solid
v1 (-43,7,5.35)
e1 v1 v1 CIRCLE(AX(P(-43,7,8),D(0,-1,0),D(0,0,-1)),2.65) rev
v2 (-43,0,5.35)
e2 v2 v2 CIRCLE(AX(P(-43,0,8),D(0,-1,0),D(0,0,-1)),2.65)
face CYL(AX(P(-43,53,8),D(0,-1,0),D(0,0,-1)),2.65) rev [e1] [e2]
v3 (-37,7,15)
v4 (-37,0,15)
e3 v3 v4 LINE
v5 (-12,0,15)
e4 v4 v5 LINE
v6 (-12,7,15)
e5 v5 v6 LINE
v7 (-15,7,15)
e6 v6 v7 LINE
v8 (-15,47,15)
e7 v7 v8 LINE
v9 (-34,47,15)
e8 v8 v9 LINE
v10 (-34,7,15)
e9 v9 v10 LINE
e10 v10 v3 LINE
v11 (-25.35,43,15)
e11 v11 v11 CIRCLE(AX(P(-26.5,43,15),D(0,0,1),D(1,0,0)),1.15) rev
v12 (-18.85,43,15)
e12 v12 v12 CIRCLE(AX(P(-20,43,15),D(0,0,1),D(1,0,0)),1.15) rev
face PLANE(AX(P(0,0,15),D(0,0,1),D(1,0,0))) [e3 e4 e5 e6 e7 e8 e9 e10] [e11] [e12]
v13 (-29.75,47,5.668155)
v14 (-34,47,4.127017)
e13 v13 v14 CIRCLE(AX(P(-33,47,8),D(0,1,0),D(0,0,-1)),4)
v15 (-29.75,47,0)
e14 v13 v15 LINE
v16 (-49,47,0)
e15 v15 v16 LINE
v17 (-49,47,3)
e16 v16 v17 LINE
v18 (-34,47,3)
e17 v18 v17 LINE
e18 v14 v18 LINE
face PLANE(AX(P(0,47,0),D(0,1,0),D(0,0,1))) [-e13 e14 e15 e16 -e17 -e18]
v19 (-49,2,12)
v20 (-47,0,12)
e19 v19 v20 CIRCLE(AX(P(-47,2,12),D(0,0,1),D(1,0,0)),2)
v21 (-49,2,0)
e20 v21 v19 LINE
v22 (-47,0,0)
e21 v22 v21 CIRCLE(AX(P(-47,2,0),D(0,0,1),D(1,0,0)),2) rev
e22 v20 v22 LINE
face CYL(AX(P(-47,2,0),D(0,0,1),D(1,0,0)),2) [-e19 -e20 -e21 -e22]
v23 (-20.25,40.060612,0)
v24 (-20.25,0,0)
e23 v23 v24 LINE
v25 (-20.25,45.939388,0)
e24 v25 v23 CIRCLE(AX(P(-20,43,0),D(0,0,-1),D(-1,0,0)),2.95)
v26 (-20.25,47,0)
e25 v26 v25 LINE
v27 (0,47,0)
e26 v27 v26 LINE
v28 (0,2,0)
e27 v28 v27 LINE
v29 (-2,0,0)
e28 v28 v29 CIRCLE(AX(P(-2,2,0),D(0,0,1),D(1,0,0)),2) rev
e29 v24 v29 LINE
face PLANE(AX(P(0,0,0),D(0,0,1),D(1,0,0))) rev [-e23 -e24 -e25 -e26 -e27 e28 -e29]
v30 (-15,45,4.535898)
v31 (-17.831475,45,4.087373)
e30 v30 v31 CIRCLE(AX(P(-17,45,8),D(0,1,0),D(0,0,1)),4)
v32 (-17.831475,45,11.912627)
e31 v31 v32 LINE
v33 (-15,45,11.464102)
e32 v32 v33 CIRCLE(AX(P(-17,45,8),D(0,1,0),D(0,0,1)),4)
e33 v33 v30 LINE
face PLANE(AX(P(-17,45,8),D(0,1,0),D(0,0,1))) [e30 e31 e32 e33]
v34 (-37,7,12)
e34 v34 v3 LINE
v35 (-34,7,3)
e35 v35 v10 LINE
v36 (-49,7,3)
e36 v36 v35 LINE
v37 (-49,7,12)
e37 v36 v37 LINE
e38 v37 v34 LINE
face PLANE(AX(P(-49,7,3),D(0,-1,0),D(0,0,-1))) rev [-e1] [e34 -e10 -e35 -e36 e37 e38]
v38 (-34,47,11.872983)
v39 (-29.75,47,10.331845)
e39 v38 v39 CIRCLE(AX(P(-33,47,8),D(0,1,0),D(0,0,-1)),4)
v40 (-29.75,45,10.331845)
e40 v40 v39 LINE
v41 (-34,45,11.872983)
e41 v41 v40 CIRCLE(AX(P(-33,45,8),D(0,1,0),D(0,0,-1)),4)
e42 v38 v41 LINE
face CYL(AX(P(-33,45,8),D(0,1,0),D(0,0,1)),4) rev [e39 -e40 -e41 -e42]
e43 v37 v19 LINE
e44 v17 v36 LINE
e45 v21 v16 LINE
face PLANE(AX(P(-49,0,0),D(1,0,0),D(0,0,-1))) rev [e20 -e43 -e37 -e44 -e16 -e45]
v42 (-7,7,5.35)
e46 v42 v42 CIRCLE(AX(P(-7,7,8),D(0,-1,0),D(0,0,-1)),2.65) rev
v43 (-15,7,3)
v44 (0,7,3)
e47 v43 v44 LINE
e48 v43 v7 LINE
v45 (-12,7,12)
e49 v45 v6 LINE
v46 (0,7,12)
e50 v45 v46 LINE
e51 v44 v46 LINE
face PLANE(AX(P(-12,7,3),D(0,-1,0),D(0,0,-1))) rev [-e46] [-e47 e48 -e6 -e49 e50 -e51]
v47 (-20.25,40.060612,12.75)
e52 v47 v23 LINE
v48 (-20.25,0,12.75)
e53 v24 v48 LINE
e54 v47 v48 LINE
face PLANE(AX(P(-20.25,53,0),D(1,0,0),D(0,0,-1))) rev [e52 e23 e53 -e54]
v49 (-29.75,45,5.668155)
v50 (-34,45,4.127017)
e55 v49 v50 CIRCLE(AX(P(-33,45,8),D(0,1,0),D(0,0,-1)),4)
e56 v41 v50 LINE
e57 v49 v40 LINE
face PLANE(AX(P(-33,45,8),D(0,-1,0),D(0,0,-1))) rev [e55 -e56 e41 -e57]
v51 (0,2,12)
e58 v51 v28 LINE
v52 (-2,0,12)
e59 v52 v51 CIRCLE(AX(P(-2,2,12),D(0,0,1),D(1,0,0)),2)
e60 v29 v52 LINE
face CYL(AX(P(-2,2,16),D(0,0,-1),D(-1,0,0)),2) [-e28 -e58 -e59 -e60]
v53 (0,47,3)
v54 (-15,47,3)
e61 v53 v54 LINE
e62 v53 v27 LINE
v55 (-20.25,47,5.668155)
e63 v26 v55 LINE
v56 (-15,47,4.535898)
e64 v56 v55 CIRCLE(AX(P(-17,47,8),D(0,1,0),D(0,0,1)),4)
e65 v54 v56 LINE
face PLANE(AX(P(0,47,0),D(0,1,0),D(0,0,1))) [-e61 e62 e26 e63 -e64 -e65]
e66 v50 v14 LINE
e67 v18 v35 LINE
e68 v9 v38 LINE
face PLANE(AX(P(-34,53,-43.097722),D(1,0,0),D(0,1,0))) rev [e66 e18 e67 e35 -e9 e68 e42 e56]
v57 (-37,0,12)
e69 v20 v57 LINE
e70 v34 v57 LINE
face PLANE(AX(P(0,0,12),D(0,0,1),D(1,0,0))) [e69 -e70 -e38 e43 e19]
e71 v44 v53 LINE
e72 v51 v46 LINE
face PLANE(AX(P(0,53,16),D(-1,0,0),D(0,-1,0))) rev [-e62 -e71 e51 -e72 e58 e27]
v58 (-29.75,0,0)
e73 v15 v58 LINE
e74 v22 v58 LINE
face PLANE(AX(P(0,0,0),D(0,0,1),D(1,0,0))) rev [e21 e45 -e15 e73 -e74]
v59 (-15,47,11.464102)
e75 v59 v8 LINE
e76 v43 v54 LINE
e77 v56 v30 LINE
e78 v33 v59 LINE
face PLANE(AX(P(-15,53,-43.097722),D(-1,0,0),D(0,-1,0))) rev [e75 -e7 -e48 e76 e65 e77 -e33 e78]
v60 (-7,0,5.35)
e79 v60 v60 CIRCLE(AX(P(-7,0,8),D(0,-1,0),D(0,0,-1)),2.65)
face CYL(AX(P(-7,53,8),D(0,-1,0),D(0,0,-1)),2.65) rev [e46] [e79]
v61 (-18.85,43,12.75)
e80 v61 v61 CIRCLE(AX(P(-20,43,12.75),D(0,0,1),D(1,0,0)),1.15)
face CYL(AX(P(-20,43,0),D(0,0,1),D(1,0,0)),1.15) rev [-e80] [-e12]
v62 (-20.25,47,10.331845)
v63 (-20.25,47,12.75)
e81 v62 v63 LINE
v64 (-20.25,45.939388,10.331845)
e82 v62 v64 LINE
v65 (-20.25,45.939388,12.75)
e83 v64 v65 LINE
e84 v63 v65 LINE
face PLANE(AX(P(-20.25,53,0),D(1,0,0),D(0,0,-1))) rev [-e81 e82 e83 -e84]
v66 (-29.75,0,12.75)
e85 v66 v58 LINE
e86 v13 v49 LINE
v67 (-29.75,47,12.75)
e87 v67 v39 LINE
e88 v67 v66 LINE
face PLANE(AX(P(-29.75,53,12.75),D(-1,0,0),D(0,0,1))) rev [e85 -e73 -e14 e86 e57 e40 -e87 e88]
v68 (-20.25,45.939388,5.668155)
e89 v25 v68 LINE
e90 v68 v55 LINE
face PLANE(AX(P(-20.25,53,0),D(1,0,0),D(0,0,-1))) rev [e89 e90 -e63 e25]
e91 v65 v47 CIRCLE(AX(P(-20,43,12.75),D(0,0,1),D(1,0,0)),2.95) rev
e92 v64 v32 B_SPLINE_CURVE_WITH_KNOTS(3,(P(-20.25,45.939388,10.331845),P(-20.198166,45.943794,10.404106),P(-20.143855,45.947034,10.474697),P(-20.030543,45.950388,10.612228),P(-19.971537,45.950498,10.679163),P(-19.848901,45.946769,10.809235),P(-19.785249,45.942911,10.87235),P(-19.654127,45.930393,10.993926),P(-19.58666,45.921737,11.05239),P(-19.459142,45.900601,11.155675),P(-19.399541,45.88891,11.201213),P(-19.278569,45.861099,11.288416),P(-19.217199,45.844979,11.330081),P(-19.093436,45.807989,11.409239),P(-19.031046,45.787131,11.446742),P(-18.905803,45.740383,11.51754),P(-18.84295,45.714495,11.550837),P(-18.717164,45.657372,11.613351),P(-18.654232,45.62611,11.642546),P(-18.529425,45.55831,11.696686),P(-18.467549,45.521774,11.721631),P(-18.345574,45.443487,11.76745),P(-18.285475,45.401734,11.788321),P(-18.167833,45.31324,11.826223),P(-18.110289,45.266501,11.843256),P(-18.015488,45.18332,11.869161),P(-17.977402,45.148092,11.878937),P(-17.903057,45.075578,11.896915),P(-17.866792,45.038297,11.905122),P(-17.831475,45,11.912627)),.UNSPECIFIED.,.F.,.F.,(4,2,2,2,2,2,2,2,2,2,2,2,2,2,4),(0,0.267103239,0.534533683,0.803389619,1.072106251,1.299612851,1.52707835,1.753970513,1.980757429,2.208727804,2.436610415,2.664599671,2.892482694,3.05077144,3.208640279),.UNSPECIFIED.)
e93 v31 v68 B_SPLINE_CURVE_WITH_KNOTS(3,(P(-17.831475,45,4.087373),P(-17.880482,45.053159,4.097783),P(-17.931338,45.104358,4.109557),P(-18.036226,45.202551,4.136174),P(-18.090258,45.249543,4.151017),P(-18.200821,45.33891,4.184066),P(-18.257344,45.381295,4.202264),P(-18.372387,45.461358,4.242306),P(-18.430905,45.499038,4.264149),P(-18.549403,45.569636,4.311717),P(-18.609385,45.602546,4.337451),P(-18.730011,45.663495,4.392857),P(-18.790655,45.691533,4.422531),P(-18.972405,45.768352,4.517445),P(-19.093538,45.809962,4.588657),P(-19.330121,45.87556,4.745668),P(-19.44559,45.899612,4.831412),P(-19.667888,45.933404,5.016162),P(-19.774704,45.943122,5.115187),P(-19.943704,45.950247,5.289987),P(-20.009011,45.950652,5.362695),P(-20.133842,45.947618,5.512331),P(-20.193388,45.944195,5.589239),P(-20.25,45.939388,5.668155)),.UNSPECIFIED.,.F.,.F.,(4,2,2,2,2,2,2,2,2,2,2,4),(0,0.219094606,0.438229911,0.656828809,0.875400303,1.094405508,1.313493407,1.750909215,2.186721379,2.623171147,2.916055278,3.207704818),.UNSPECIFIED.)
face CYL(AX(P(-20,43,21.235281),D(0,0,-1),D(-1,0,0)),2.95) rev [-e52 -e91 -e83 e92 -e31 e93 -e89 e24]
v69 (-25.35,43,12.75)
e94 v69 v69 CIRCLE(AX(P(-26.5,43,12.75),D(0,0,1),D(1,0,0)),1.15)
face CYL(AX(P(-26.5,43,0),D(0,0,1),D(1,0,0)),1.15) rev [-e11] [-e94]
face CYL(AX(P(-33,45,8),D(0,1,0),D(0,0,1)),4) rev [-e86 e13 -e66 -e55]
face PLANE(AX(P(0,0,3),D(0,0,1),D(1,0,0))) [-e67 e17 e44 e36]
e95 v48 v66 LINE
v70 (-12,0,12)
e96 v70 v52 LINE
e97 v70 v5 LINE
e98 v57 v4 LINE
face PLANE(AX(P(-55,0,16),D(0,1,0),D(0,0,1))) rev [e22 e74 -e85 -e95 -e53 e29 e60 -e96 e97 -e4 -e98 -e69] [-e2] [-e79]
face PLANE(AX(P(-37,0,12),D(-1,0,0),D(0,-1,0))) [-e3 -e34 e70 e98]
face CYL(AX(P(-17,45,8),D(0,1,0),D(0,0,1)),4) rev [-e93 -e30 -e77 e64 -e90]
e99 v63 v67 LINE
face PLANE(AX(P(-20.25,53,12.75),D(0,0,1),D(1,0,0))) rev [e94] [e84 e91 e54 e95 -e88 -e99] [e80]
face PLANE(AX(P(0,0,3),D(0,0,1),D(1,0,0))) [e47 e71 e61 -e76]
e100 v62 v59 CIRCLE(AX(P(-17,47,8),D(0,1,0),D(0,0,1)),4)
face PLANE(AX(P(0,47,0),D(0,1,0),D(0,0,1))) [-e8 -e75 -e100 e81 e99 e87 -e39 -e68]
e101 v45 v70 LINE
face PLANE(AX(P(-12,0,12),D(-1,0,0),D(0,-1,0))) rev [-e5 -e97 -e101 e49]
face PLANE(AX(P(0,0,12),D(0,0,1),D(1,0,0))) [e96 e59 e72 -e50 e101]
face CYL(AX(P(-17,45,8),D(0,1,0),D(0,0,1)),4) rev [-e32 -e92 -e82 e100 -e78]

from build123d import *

# Parameters (mm, degrees)
SKETCH_1_W           = 55
SKETCH_1_H           = 53
EXTRUDE_1_DEPTH      = 16
SKETCH_3_R           = 2.65
CUT_EXTRUDE_2_DEPTH  = 79.038452061
SKETCH_4_W           = 9.5
SKETCH_4_H           = 12.75
CUT_EXTRUDE_3_DEPTH  = 79.038452061
SKETCH_2_W           = 12
SKETCH_2_H           = 53
CUT_EXTRUDE_4_DEPTH  = 4
SKETCH_5_W           = 12
SKETCH_5_H           = 46
CUT_EXTRUDE_5_DEPTH  = 9
FILLET_1_R           = 2
CUT_EXTRUDE_6_DEPTH  = 79.038452061
FILLET_2_R           = 2
SKETCH_12_W          = 55.94515333
SKETCH_12_H          = 33.208956196
CUT_EXTRUDE_10_DEPTH = 6
SKETCH_13_R          = 1.15
CUT_EXTRUDE_11_DEPTH = 70.756720106
SKETCH_11_W          = 3
SKETCH_11_H          = 46
CUT_EXTRUDE_9_DEPTH  = 13
CUT_EXTRUDE_12_DEPTH = 1
SKETCH_15_R          = 3
SKETCH_15_R_2        = 2.95
CUT_EXTRUDE_13_DEPTH = 12.75
SKETCH_16_R          = 4
CUT_EXTRUDE_14_DEPTH = 2


with BuildPart() as part:
    # 草图1 → 凸台-拉伸1 (new body)
    with BuildSketch(Plane.XY):
        with Locations((-27.5, 26.5)):
            Rectangle(SKETCH_1_W, SKETCH_1_H)
    extrude(amount=EXTRUDE_1_DEPTH)

    # 草图3 → 切除-拉伸2 (cut, through all)
    with BuildSketch(Plane.XZ):
        with Locations(Location((-43, 8, 0), (0, 0, 270))):
            Circle(SKETCH_3_R)
        with Locations(Location((-7, 8, 0), (0, 0, 270))):
            Circle(SKETCH_3_R)
    extrude(amount=-CUT_EXTRUDE_2_DEPTH, mode=Mode.SUBTRACT)

    # 草图4 → 切除-拉伸3 (cut, through all)
    with BuildSketch(Plane.XZ):
        with Locations((-25, 6.375)):
            Rectangle(SKETCH_4_W, SKETCH_4_H)
    extrude(amount=-CUT_EXTRUDE_3_DEPTH, mode=Mode.SUBTRACT)

    # 草图2 → 切除-拉伸4 (cut)
    with BuildSketch(Plane.XY.offset(16)):
        with Locations((-43, 26.5)):
            Rectangle(SKETCH_2_W, SKETCH_2_H)
        with Locations((-6, 26.5)):
            Rectangle(SKETCH_2_W, SKETCH_2_H)
    extrude(amount=-CUT_EXTRUDE_4_DEPTH, mode=Mode.SUBTRACT)

    # 草图5 → 切除-拉伸5 (cut)
    with BuildSketch(Plane.XY.offset(12)):
        with Locations((-43, 30)):
            Rectangle(SKETCH_5_W, SKETCH_5_H)
        with Locations((-6, 30)):
            Rectangle(SKETCH_5_W, SKETCH_5_H)
    extrude(amount=-CUT_EXTRUDE_5_DEPTH, mode=Mode.SUBTRACT)

    # 圆角1
    fillet_1_edges = [part.edges().sort_by_distance(p)[0] for p in [
        (0, 0, 6),
        (0, 53, 1.5),
        (-55, 53, 8),
        (-55, 0, 8),
    ]]
    fillet(fillet_1_edges, radius=FILLET_1_R)

    # 草图6 → 切除-拉伸6 (cut, through all)
    with BuildSketch(Plane.XY.offset(16)):
        with BuildLine():
            Line((-49, 0), (-49, 53))
            Line((-49, 53), (-53, 53))
            ThreePointArc((-53, 53), (-54.414213562, 52.414213562), (-55, 51))
            Line((-55, 51), (-55, 2))
            ThreePointArc((-55, 2), (-54.414213562, 0.585786438), (-53, 0))
            Line((-53, 0), (-49, 0))
        make_face()
    extrude(amount=-CUT_EXTRUDE_6_DEPTH, mode=Mode.SUBTRACT)

    # 圆角2
    fillet_2_edges = [part.edges().sort_by_distance(p)[0] for p in [
        (-49, 53, 1.5),
        (-49, 0, 6),
    ]]
    fillet(fillet_2_edges, radius=FILLET_2_R)

    # 草图12 → 切除-拉伸10 (cut)
    with BuildSketch(Plane(origin=(0, 53, 0), x_dir=(1, 0, 0), z_dir=(0, 1, 0))):
        with Locations((-25.829443508, -5.558164986)):
            Rectangle(SKETCH_12_W, SKETCH_12_H)
    extrude(amount=-CUT_EXTRUDE_10_DEPTH, mode=Mode.SUBTRACT)

    # 草图13 → 切除-拉伸11 (cut, through all)
    with BuildSketch(Plane.XY.offset(16)):
        with Locations((-26.5, 43)):
            Circle(SKETCH_13_R)
        with Locations((-20, 43)):
            Circle(SKETCH_13_R)
    extrude(amount=-CUT_EXTRUDE_11_DEPTH, mode=Mode.SUBTRACT)

    # 草图11 → 切除-拉伸9 (cut)
    with BuildSketch(Plane.XY.offset(16)):
        with Locations((-35.5, 30)):
            Rectangle(SKETCH_11_W, SKETCH_11_H)
        with Locations((-13.5, 30)):
            Rectangle(SKETCH_11_W, SKETCH_11_H)
    extrude(amount=-CUT_EXTRUDE_9_DEPTH, mode=Mode.SUBTRACT)

    # 草图14 → 切除-拉伸12 (cut)
    with BuildSketch(Plane.XY.offset(16)):
        Polygon((-34, 47), (-34, 7), (-37, 7), (-37, 0), (-12, 0), (-12, 7), (-15, 7), (-15, 47), align=None)
    extrude(amount=-CUT_EXTRUDE_12_DEPTH, mode=Mode.SUBTRACT)

    # 草图15 → 切除-拉伸13 (cut)
    with BuildSketch(Plane(origin=(0, 0, 0), x_dir=(-1, 0, 0), z_dir=(0, 0, -1))):
        with Locations((26.5, 43)):
            Circle(SKETCH_15_R)
        with Locations((20, 43)):
            Circle(SKETCH_15_R_2)
    extrude(amount=-CUT_EXTRUDE_13_DEPTH, mode=Mode.SUBTRACT)

    # 草图16 → 切除-拉伸14 (cut)
    with BuildSketch(Plane(origin=(0, 47, 0), x_dir=(1, 0, 0), z_dir=(0, 1, 0))):
        with Locations((-17, -8)):
            Circle(SKETCH_16_R)
        with Locations((-33, -8)):
            Circle(SKETCH_16_R)
    extrude(amount=-CUT_EXTRUDE_14_DEPTH, mode=Mode.SUBTRACT)


solid = part.part
